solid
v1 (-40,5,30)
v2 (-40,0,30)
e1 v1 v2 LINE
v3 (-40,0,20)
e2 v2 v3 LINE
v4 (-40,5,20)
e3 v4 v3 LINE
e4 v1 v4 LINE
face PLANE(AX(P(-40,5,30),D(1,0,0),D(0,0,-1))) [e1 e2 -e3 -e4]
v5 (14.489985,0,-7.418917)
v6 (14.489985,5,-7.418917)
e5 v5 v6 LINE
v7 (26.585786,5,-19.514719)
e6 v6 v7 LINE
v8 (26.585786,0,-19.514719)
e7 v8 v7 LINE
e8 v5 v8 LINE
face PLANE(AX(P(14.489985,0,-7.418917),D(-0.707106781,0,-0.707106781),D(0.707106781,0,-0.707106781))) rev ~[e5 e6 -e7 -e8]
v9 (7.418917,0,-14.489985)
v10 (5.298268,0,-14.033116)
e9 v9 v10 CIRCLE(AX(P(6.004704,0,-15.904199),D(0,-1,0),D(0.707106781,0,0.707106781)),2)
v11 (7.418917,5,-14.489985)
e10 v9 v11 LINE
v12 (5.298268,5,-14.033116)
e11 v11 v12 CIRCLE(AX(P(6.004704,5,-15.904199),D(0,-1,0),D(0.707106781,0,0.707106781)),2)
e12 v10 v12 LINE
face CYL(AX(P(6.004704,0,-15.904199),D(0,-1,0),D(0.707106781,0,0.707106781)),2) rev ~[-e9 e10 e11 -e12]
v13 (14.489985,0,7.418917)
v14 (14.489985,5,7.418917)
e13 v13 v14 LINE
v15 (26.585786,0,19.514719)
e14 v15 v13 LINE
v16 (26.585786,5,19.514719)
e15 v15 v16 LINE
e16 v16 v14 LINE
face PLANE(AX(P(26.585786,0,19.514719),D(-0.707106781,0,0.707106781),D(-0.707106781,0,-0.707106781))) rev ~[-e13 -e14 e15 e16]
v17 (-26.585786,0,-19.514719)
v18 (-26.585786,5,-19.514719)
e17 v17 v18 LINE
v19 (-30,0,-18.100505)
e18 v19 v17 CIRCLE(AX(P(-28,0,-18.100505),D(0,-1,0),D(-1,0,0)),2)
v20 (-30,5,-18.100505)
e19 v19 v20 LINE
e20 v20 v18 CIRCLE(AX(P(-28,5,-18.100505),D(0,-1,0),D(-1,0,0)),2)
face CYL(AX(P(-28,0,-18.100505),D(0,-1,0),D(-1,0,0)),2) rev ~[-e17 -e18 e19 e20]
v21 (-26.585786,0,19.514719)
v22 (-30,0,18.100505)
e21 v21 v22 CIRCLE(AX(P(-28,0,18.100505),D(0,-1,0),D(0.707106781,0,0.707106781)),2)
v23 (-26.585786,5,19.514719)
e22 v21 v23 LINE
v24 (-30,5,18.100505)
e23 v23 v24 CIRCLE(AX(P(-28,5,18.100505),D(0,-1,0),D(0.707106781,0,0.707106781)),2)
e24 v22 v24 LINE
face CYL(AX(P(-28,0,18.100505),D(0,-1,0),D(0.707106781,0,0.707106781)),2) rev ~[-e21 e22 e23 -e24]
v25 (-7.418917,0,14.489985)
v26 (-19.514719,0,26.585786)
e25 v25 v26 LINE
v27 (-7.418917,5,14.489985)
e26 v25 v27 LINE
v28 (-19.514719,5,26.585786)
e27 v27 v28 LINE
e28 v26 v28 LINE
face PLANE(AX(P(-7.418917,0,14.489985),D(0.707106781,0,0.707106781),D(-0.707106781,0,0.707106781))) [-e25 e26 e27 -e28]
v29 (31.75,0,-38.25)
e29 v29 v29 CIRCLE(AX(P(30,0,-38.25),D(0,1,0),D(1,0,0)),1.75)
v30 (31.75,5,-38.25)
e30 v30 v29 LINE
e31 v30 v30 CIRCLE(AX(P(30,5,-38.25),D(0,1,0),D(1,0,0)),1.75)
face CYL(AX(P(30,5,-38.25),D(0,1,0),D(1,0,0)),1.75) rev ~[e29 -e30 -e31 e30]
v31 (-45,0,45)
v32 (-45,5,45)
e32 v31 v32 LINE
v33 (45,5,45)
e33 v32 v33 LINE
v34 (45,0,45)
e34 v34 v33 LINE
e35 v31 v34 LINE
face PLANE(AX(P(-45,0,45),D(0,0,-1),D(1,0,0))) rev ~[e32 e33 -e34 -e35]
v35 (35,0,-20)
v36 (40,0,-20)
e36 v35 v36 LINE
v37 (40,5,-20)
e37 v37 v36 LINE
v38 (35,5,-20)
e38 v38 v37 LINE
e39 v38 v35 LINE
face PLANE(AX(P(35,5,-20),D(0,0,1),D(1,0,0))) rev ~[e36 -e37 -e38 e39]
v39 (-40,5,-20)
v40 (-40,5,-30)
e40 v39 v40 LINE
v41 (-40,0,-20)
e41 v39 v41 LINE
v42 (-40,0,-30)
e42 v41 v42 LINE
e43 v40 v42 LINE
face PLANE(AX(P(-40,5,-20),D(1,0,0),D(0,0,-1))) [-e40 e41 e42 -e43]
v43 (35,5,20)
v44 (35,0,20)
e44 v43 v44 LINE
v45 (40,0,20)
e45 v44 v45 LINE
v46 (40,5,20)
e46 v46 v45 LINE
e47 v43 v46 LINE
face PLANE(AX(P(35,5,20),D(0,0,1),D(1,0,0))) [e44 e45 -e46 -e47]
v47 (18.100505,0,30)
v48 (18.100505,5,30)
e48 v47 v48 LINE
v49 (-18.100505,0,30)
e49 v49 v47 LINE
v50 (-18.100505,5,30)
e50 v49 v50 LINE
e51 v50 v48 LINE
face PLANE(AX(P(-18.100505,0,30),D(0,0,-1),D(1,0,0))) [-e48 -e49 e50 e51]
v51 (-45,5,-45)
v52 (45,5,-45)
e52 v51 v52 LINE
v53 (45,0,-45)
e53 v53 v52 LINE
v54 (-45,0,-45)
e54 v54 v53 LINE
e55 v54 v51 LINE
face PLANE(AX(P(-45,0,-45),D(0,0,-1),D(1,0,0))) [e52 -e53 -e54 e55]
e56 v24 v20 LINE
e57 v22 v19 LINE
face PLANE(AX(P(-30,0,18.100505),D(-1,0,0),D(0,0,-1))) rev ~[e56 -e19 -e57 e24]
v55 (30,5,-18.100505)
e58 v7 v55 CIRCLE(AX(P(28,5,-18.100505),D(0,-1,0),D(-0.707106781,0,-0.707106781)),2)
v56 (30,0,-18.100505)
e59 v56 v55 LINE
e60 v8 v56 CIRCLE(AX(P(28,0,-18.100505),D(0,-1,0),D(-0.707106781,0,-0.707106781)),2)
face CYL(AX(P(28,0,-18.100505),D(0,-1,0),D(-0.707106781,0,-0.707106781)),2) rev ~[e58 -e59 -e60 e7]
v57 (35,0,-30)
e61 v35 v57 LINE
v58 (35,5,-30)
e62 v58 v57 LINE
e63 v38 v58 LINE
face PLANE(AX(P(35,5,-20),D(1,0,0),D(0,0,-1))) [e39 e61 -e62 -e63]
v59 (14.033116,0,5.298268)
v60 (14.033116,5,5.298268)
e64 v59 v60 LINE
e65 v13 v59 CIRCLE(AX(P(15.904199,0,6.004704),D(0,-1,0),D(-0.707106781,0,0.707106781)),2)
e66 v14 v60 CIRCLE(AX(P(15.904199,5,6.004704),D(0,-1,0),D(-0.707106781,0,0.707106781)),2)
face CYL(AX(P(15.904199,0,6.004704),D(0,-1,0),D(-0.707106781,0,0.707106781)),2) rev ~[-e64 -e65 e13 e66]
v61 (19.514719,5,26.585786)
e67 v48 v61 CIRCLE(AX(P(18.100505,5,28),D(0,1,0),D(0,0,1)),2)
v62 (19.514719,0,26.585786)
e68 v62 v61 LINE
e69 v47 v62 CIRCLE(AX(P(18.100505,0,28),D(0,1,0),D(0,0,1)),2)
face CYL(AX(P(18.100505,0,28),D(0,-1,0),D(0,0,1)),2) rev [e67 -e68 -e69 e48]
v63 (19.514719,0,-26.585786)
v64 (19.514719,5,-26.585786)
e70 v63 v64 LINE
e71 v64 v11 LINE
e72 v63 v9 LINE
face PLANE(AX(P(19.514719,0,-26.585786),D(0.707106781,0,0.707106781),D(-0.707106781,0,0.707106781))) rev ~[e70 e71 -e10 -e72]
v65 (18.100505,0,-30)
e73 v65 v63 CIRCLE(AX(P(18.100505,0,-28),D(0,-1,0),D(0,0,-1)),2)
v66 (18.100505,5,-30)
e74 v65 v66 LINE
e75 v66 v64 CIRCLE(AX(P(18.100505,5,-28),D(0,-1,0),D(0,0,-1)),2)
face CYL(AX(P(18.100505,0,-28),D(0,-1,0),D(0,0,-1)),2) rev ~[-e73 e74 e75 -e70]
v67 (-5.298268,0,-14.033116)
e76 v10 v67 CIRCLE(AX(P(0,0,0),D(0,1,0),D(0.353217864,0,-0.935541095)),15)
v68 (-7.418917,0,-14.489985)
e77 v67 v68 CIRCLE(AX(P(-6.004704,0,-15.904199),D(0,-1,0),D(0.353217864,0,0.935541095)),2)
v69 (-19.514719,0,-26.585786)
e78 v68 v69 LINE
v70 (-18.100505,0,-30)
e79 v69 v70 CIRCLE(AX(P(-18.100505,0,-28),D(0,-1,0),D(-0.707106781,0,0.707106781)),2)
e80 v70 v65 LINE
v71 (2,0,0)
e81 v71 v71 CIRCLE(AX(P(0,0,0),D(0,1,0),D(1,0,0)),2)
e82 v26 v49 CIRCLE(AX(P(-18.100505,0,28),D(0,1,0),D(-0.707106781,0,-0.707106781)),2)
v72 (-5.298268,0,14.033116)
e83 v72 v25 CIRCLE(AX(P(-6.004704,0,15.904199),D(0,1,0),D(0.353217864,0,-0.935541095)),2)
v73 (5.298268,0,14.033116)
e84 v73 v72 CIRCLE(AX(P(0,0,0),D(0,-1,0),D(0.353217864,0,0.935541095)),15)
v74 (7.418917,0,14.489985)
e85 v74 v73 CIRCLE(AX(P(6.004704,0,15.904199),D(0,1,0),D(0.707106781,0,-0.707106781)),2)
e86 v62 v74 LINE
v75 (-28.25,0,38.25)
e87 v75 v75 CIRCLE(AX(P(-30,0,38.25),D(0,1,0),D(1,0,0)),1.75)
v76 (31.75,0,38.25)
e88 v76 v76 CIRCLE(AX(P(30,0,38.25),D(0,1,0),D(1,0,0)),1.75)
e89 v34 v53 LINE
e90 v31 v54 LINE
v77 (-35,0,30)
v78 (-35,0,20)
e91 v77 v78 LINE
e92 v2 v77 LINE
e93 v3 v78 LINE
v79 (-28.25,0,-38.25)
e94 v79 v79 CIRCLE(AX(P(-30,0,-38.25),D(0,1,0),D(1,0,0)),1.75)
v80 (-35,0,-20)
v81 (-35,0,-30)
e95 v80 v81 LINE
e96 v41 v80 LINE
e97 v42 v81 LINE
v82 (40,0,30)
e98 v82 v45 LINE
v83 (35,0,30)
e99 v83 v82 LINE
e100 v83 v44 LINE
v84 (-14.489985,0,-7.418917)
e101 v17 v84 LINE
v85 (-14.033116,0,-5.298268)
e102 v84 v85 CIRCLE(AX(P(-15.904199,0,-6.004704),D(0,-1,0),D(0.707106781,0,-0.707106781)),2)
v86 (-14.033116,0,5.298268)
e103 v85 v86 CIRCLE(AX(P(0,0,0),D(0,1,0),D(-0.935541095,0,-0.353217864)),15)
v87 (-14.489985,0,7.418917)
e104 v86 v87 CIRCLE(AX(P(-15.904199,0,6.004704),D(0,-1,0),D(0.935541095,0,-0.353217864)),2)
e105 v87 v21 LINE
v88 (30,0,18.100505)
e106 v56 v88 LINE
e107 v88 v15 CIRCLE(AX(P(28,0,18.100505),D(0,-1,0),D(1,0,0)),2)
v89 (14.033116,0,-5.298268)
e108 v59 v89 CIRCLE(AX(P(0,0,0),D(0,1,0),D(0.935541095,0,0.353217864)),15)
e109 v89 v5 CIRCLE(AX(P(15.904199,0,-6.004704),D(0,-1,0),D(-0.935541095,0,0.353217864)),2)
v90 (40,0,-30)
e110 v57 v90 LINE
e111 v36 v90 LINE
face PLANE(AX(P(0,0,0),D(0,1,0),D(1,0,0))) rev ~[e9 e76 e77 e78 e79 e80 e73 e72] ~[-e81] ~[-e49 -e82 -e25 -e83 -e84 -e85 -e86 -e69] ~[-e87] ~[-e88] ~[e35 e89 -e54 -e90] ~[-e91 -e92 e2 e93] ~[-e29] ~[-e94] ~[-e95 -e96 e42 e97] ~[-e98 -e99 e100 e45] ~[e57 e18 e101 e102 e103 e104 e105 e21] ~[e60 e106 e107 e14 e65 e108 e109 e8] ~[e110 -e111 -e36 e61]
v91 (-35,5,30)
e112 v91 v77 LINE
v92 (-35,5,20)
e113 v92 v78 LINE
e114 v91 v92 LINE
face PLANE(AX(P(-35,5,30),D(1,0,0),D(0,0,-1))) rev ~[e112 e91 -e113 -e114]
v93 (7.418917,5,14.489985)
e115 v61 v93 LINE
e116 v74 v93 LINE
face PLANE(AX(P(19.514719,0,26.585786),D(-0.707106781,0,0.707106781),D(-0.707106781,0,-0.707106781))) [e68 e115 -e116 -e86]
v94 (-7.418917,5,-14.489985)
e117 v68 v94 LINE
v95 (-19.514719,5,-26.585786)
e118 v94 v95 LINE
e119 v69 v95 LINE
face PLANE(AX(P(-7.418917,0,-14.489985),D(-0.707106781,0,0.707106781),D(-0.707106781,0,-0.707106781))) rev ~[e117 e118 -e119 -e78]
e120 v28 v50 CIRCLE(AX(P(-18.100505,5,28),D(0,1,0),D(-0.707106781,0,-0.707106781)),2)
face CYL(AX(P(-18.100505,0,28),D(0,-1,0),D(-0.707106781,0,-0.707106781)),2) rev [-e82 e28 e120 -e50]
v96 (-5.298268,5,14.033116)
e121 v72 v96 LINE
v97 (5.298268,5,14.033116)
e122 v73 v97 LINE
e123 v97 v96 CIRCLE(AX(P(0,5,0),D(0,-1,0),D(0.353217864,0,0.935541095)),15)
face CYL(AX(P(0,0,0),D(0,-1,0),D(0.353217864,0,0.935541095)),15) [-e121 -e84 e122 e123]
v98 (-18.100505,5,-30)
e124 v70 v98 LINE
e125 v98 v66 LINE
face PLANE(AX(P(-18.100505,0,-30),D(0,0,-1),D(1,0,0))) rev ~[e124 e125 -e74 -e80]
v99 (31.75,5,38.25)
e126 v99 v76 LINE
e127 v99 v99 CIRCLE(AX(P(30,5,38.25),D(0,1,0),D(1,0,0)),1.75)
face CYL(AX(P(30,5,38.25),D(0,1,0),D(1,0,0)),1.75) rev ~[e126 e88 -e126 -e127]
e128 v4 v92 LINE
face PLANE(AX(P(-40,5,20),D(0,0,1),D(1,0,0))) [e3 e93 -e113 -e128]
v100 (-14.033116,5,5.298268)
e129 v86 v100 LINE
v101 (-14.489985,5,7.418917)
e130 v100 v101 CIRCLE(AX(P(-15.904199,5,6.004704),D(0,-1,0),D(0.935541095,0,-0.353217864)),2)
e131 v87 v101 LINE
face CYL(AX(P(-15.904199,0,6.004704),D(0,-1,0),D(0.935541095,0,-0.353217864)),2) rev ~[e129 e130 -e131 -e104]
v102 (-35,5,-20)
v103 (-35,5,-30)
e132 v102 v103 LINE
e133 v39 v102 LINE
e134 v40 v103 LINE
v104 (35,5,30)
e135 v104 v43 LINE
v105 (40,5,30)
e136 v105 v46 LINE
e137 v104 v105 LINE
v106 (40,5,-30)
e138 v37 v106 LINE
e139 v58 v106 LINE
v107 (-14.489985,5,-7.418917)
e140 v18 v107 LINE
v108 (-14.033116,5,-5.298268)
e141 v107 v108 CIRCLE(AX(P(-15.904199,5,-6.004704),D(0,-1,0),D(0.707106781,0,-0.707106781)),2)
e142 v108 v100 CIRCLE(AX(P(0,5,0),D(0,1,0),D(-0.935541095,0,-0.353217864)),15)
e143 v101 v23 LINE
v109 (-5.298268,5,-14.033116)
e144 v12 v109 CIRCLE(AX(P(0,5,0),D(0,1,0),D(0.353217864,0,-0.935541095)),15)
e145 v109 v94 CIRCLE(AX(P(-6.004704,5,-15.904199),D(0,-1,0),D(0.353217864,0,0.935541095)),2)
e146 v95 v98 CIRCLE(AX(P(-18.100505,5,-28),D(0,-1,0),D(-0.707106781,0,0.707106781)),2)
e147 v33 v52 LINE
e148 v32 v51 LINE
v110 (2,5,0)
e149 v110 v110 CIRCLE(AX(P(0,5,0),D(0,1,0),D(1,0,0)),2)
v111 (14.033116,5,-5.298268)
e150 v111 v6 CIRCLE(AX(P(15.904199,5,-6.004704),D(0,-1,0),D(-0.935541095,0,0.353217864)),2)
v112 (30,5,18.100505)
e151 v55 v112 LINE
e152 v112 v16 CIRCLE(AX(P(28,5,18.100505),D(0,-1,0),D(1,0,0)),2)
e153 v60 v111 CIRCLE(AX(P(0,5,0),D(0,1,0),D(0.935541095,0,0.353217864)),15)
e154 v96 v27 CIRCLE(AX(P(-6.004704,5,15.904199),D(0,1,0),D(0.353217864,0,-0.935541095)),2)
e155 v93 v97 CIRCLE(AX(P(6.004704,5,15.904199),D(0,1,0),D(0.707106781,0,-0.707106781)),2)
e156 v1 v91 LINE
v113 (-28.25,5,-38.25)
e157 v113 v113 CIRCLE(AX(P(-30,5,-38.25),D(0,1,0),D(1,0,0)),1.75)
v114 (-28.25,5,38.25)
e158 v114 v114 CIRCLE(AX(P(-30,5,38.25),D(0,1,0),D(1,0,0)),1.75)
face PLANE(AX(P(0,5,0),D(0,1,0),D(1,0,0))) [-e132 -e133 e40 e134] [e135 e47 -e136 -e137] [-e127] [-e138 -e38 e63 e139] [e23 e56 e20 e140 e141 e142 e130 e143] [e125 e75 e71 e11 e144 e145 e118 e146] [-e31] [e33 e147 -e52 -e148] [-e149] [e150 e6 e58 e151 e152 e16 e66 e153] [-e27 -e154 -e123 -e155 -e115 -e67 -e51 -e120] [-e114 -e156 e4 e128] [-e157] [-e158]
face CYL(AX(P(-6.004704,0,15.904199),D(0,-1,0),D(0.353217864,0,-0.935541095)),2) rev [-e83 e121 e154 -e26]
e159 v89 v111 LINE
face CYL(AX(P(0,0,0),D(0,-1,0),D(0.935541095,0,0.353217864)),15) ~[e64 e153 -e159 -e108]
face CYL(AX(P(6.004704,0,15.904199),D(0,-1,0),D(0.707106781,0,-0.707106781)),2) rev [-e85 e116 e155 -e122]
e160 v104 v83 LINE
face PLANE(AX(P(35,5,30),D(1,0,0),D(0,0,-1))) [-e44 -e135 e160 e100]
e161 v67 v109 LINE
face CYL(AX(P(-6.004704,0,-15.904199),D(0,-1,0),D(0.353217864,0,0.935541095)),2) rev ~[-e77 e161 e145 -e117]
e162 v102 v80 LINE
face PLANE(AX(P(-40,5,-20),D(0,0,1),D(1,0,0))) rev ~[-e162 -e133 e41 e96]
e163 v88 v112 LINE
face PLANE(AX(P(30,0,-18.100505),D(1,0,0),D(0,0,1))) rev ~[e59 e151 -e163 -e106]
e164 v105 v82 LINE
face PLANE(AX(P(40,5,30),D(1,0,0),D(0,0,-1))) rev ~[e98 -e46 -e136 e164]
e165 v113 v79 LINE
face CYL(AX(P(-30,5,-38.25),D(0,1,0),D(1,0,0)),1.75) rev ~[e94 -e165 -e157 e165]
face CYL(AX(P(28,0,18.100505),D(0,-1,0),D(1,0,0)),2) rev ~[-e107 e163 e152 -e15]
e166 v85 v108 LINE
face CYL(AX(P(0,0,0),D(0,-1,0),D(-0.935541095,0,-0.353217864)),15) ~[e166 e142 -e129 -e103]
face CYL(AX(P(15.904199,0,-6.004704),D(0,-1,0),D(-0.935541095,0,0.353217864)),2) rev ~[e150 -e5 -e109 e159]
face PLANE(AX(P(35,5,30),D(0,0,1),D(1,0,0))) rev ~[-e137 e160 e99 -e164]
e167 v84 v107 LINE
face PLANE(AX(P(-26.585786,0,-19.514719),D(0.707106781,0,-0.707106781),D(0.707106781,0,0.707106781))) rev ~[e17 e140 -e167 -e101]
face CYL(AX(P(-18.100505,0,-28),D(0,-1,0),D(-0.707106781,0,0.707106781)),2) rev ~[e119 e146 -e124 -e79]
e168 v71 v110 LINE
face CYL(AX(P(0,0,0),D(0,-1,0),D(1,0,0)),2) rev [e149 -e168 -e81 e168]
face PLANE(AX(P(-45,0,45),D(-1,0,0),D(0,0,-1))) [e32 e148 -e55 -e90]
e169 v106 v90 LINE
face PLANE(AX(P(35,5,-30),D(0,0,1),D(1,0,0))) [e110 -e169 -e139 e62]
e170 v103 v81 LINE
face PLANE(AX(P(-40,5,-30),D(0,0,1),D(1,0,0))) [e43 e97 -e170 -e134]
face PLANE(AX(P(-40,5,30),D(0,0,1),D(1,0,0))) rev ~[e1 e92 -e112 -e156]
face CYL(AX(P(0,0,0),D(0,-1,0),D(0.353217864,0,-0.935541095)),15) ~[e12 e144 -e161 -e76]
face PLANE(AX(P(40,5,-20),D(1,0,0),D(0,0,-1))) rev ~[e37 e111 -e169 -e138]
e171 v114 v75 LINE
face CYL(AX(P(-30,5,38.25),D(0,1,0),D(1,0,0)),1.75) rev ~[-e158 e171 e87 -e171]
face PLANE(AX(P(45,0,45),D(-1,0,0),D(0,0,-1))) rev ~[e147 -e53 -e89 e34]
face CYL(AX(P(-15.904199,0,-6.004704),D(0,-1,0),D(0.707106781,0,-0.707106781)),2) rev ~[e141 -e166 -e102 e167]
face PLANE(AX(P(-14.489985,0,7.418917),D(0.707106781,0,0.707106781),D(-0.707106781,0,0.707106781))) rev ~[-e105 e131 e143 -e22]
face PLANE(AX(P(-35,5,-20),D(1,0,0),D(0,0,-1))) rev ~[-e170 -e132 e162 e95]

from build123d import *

# Parameters (mm, degrees)
SKETCH1_W               = 90
SKETCH1_H               = 90
SKETCH1_R               = 2
BOSS_EXTRUDE1_DEPTH     = 5
SKETCH2_R               = 1.75
SKETCH2_W               = 5
SKETCH2_H               = 10
CUT_EXTRUDE1_DEPTH      = 1
CUT_EXTRUDE1_DEPTH_BACK = 6


with BuildPart() as part:
    # Sketch1 → Boss-Extrude1 (new body)
    with BuildSketch(Plane(origin=(0, 0, 0), x_dir=(1, 0, 0), z_dir=(0, 1, 0))):
        Rectangle(SKETCH1_W, SKETCH1_H)
        Circle(SKETCH1_R, mode=Mode.SUBTRACT)
        with BuildLine():
            Line((-26.585786438, 19.514718626), (-14.489985056, 7.418917244))
            ThreePointArc((-14.489985056, 7.418917244), (-13.949056578, 6.425915745), (-14.033116428, 5.298267955))
            ThreePointArc((-14.033116428, 5.298267955), (-15, 0), (-14.033116428, -5.298267955))
            ThreePointArc((-14.033116428, -5.298267955), (-13.949056578, -6.425915745), (-14.489985056, -7.418917244))
            Line((-14.489985056, -7.418917244), (-26.585786438, -19.514718626))
            ThreePointArc((-26.585786438, -19.514718626), (-28.765366865, -19.948264128), (-30, -18.100505063))
            Line((-30, -18.100505063), (-30, 18.100505063))
            ThreePointArc((-30, 18.100505063), (-28.765366865, 19.948264128), (-26.585786438, 19.514718626))
        make_face(mode=Mode.SUBTRACT)
        with BuildLine():
            Line((-18.100505063, 30), (18.100505063, 30))
            ThreePointArc((18.100505063, 30), (19.948264128, 28.765366865), (19.514718626, 26.585786438))
            Line((19.514718626, 26.585786438), (7.418917244, 14.489985056))
            ThreePointArc((7.418917244, 14.489985056), (6.425915745, 13.949056578), (5.298267955, 14.033116428))
            ThreePointArc((5.298267955, 14.033116428), (0, 15), (-5.298267955, 14.033116428))
            ThreePointArc((-5.298267955, 14.033116428), (-6.425915745, 13.949056578), (-7.418917244, 14.489985056))
            Line((-7.418917244, 14.489985056), (-19.514718626, 26.585786438))
            ThreePointArc((-19.514718626, 26.585786438), (-19.948264128, 28.765366865), (-18.100505063, 30))
        make_face(mode=Mode.SUBTRACT)
        with BuildLine():
            Line((30, 18.100505063), (30, -18.100505063))
            ThreePointArc((30, -18.100505063), (28.765366865, -19.948264128), (26.585786438, -19.514718626))
            Line((26.585786438, -19.514718626), (14.489985056, -7.418917244))
            ThreePointArc((14.489985056, -7.418917244), (13.949056578, -6.425915745), (14.033116428, -5.298267955))
            ThreePointArc((14.033116428, -5.298267955), (15, 0), (14.033116428, 5.298267955))
            ThreePointArc((14.033116428, 5.298267955), (13.949056578, 6.425915745), (14.489985056, 7.418917244))
            Line((14.489985056, 7.418917244), (26.585786438, 19.514718626))
            ThreePointArc((26.585786438, 19.514718626), (28.765366865, 19.948264128), (30, 18.100505063))
        make_face(mode=Mode.SUBTRACT)
        with BuildLine():
            Line((19.514718626, -26.585786438), (7.418917244, -14.489985056))
            ThreePointArc((7.418917244, -14.489985056), (6.425915745, -13.949056578), (5.298267955, -14.033116428))
            ThreePointArc((5.298267955, -14.033116428), (0, -15), (-5.298267955, -14.033116428))
            ThreePointArc((-5.298267955, -14.033116428), (-6.425915745, -13.949056578), (-7.418917244, -14.489985056))
            Line((-7.418917244, -14.489985056), (-19.514718626, -26.585786438))
            ThreePointArc((-19.514718626, -26.585786438), (-19.948264128, -28.765366865), (-18.100505063, -30))
            Line((-18.100505063, -30), (18.100505063, -30))
            ThreePointArc((18.100505063, -30), (19.948264128, -28.765366865), (19.514718626, -26.585786438))
        make_face(mode=Mode.SUBTRACT)
    extrude(amount=BOSS_EXTRUDE1_DEPTH)

    # Sketch2 → Cut-Extrude1 (cut, two sides)
    with BuildSketch(Plane(origin=(0, 5, 0), x_dir=(1, 0, 0), z_dir=(0, 1, 0))) as cut_extrude1_sk:
        with Locations((-30, -38.25)):
            Circle(SKETCH2_R)
        with Locations((30, -38.25)):
            Circle(SKETCH2_R)
        with Locations((30, 38.25)):
            Circle(SKETCH2_R)
        with Locations((-30, 38.25)):
            Circle(SKETCH2_R)
        with Locations((37.5, 25)):
            Rectangle(SKETCH2_W, SKETCH2_H)
        with Locations((37.5, -25)):
            Rectangle(SKETCH2_W, SKETCH2_H)
        with Locations((-37.5, -25)):
            Rectangle(SKETCH2_W, SKETCH2_H)
        with Locations((-37.5, 25)):
            Rectangle(SKETCH2_W, SKETCH2_H)
    extrude(amount=CUT_EXTRUDE1_DEPTH, mode=Mode.SUBTRACT)
    extrude(cut_extrude1_sk.sketch, amount=-CUT_EXTRUDE1_DEPTH_BACK, mode=Mode.SUBTRACT)


solid = part.part
